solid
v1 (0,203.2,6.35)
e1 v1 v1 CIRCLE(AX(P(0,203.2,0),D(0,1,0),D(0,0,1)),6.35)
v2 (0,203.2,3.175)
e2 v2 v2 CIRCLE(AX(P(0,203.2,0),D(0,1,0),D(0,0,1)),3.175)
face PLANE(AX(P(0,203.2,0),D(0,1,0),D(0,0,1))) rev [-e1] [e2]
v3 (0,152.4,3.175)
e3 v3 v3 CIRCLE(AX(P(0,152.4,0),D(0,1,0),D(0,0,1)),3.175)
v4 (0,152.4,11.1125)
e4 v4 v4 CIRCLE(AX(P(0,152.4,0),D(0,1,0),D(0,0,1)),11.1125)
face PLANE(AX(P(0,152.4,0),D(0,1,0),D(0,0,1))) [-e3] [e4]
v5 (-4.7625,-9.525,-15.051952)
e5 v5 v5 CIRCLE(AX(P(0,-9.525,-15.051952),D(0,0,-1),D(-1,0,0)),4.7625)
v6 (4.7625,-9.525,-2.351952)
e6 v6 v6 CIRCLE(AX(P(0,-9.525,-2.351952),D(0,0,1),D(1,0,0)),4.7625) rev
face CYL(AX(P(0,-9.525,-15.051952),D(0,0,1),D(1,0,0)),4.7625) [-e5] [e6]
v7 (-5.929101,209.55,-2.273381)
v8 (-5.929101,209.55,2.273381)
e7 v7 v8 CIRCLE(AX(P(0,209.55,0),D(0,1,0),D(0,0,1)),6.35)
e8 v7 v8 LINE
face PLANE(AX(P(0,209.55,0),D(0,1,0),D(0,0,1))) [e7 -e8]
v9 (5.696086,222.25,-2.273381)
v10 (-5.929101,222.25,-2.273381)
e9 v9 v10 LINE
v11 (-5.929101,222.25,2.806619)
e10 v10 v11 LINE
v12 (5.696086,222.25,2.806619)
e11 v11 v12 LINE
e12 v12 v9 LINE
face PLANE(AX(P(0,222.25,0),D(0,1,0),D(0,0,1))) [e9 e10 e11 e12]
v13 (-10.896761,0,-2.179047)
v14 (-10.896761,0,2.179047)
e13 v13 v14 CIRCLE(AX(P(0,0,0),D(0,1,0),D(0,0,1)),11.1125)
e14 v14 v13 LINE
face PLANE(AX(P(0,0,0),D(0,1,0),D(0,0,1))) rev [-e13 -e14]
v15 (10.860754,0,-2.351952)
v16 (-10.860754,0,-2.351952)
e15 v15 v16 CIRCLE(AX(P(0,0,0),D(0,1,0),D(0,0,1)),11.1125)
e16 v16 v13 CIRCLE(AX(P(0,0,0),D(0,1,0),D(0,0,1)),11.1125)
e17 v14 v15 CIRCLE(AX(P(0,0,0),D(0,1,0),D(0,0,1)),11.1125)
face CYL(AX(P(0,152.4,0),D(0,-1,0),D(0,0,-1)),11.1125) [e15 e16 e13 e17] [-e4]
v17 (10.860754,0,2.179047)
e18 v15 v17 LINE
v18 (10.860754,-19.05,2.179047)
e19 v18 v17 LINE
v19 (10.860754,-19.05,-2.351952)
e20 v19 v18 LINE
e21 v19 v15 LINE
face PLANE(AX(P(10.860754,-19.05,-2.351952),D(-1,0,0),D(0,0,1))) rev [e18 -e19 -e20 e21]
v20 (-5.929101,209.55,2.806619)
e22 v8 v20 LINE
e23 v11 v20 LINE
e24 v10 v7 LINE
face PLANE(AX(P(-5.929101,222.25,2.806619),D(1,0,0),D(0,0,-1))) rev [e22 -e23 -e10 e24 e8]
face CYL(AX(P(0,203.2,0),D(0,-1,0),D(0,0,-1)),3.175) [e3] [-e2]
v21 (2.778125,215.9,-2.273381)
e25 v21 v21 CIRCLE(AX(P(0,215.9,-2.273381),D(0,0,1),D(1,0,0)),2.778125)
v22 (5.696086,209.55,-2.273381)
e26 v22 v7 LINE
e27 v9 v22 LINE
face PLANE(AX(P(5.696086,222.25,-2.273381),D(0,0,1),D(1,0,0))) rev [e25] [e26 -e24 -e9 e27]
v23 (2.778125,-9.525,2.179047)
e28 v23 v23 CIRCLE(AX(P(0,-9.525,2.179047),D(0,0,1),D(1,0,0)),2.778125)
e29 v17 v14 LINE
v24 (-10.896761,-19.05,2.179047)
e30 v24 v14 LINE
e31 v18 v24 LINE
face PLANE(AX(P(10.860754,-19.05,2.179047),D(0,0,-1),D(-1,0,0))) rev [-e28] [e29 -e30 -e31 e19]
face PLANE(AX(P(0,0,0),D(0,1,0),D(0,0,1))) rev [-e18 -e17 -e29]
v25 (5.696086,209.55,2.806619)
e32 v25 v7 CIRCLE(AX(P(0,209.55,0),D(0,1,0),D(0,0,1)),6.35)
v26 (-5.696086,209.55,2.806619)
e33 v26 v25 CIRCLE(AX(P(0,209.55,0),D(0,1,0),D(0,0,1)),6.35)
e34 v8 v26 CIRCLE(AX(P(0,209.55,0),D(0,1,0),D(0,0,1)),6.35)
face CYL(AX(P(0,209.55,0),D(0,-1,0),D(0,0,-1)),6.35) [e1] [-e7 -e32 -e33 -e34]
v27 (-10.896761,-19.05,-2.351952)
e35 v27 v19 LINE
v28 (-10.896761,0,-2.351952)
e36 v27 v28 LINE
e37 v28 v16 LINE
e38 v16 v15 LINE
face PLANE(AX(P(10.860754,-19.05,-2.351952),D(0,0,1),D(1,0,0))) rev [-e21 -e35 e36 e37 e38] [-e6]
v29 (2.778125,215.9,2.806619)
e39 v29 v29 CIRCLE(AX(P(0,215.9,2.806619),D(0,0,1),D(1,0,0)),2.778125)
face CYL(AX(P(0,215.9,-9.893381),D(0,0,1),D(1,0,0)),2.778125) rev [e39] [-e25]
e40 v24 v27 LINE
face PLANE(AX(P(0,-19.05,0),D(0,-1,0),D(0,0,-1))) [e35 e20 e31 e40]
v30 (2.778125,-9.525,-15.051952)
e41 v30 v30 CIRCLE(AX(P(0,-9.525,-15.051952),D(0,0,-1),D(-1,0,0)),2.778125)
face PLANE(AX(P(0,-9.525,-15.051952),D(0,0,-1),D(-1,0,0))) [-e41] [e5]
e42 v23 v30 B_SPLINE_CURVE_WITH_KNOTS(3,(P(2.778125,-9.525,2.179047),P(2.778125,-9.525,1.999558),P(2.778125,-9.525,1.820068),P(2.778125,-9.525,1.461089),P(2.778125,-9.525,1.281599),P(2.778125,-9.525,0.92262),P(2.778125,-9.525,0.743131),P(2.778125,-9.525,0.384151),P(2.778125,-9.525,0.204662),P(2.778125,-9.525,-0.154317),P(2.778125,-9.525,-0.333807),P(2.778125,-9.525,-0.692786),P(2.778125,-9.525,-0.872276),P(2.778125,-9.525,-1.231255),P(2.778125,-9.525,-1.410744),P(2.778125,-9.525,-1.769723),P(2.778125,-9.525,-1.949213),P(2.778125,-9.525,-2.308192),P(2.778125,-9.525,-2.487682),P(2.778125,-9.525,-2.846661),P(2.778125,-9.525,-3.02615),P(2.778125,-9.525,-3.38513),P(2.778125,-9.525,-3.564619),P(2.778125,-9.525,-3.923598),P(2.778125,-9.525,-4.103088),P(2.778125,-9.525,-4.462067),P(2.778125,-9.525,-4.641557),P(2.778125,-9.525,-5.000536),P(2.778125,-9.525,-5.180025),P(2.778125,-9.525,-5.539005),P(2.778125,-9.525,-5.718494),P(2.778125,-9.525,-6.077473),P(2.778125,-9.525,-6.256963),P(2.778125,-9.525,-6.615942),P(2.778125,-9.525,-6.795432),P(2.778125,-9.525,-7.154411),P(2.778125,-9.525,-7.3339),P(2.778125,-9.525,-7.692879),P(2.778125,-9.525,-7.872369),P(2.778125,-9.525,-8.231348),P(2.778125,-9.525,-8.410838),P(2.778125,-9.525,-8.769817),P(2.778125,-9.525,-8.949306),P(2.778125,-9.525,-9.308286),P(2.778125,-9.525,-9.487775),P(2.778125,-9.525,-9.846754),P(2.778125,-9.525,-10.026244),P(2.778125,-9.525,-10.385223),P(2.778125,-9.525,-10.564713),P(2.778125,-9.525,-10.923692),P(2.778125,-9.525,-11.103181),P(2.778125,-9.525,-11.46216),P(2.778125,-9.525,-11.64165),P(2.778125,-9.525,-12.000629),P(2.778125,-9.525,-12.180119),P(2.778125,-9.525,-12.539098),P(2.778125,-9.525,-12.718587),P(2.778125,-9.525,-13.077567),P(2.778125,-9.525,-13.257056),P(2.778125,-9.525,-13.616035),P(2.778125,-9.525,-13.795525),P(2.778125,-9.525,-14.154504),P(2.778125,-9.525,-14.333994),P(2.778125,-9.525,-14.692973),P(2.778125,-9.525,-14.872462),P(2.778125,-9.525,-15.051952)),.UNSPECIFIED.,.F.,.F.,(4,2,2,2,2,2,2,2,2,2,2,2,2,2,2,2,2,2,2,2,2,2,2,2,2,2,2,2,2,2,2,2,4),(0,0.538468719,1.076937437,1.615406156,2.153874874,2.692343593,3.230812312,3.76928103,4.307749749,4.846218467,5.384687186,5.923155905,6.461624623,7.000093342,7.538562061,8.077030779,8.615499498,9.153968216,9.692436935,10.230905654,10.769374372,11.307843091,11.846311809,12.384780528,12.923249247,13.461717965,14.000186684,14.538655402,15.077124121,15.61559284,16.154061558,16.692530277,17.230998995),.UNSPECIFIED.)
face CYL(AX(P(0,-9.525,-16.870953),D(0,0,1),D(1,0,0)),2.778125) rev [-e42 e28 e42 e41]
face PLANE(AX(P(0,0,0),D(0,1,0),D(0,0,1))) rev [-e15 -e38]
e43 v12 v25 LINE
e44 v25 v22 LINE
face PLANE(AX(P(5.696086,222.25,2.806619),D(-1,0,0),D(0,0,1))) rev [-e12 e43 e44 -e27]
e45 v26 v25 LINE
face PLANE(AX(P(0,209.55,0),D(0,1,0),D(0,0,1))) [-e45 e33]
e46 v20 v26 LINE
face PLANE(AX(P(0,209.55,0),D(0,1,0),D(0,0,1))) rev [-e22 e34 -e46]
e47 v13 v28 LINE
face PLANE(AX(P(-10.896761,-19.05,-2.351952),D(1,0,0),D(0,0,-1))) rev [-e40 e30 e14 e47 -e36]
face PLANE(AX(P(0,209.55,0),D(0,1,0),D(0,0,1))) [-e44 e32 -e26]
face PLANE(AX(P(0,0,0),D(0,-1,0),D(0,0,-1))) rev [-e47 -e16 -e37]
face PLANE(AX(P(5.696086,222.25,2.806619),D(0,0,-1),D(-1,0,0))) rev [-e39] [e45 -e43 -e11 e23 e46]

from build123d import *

# Parameters (mm, degrees)
SKETCH1_R           = 11.1125
BOSS_EXTRUDE1_DEPTH = 152.4
SKETCH2_R           = 3.175
BOSS_EXTRUDE2_DEPTH = 50.8
SKETCH3_W           = 21.757515496
SKETCH3_H           = 4.530998995
BOSS_EXTRUDE3_DEPTH = 19.05
SKETCH4_R           = 2.778125
CUT_EXTRUDE1_DEPTH  = 19.05
SKETCH5_R           = 4.7625
SKETCH5_R_2         = 2.778125
BOSS_EXTRUDE4_DEPTH = 12.7
SKETCH6_R           = 6.35
BOSS_EXTRUDE5_DEPTH = 6.35
SKETCH7_W           = 11.625186508
SKETCH7_H           = 5.08
BOSS_EXTRUDE6_DEPTH = 12.7
SKETCH8_R           = 2.778125
CUT_EXTRUDE2_DEPTH  = 12.7


with BuildPart() as part:
    # Sketch1 → Boss-Extrude1 (new body)
    with BuildSketch(Plane(origin=(0, 0, 0), x_dir=(1, 0, 0), z_dir=(0, 1, 0))):
        with Locations(Location((0, 0, 0), (0, 0, 90))):
            Circle(SKETCH1_R)
    extrude(amount=BOSS_EXTRUDE1_DEPTH)

    # Sketch2 → Boss-Extrude2 (add)
    with BuildSketch(Plane(origin=(0, 152.4, 0), x_dir=(1, 0, 0), z_dir=(0, 1, 0))):
        with Locations(Location((0, 0, 0), (0, 0, 270))):
            Circle(SKETCH2_R)
    extrude(amount=BOSS_EXTRUDE2_DEPTH)

    # Sketch3 → Boss-Extrude3 (add)
    with BuildSketch(Plane.XZ):
        with Locations((-0.018003691, -0.086452367)):
            Rectangle(SKETCH3_W, SKETCH3_H)
    extrude(amount=BOSS_EXTRUDE3_DEPTH)

    # Sketch4 → Cut-Extrude1 (cut)
    with BuildSketch(Plane.XY.offset(2.179047131)):
        with Locations((0, -9.525)):
            Circle(SKETCH4_R)
    extrude(amount=-CUT_EXTRUDE1_DEPTH, mode=Mode.SUBTRACT)

    # Sketch5 → Boss-Extrude4 (add)
    with BuildSketch(Plane(origin=(0, 0, -2.351951864), x_dir=(-1, 0, 0), z_dir=(0, 0, -1))):
        with Locations(Location((0, -9.525, 0), (0, 0, 180))):
            Circle(SKETCH5_R)
        with Locations(Location((0, -9.525, 0), (0, 0, 180))):
            Circle(SKETCH5_R_2, mode=Mode.SUBTRACT)
    extrude(amount=BOSS_EXTRUDE4_DEPTH)

    # Sketch6 → Boss-Extrude5 (add)
    with BuildSketch(Plane(origin=(0, 203.2, 0), x_dir=(1, 0, 0), z_dir=(0, 1, 0))):
        with Locations(Location((0, 0, 0), (0, 0, 270))):
            Circle(SKETCH6_R)
    extrude(amount=BOSS_EXTRUDE5_DEPTH)

    # Sketch7 → Boss-Extrude6 (add)
    with BuildSketch(Plane(origin=(0, 209.55, 0), x_dir=(1, 0, 0), z_dir=(0, 1, 0))):
        with Locations((-0.116507708, -0.266618865)):
            Rectangle(SKETCH7_W, SKETCH7_H)
    extrude(amount=BOSS_EXTRUDE6_DEPTH)

    # Sketch8 → Cut-Extrude2 (cut)
    with BuildSketch(Plane.XY.offset(2.806618865)):
        with Locations((0, 215.9)):
            Circle(SKETCH8_R)
    extrude(amount=-CUT_EXTRUDE2_DEPTH, mode=Mode.SUBTRACT)


solid = part.part
